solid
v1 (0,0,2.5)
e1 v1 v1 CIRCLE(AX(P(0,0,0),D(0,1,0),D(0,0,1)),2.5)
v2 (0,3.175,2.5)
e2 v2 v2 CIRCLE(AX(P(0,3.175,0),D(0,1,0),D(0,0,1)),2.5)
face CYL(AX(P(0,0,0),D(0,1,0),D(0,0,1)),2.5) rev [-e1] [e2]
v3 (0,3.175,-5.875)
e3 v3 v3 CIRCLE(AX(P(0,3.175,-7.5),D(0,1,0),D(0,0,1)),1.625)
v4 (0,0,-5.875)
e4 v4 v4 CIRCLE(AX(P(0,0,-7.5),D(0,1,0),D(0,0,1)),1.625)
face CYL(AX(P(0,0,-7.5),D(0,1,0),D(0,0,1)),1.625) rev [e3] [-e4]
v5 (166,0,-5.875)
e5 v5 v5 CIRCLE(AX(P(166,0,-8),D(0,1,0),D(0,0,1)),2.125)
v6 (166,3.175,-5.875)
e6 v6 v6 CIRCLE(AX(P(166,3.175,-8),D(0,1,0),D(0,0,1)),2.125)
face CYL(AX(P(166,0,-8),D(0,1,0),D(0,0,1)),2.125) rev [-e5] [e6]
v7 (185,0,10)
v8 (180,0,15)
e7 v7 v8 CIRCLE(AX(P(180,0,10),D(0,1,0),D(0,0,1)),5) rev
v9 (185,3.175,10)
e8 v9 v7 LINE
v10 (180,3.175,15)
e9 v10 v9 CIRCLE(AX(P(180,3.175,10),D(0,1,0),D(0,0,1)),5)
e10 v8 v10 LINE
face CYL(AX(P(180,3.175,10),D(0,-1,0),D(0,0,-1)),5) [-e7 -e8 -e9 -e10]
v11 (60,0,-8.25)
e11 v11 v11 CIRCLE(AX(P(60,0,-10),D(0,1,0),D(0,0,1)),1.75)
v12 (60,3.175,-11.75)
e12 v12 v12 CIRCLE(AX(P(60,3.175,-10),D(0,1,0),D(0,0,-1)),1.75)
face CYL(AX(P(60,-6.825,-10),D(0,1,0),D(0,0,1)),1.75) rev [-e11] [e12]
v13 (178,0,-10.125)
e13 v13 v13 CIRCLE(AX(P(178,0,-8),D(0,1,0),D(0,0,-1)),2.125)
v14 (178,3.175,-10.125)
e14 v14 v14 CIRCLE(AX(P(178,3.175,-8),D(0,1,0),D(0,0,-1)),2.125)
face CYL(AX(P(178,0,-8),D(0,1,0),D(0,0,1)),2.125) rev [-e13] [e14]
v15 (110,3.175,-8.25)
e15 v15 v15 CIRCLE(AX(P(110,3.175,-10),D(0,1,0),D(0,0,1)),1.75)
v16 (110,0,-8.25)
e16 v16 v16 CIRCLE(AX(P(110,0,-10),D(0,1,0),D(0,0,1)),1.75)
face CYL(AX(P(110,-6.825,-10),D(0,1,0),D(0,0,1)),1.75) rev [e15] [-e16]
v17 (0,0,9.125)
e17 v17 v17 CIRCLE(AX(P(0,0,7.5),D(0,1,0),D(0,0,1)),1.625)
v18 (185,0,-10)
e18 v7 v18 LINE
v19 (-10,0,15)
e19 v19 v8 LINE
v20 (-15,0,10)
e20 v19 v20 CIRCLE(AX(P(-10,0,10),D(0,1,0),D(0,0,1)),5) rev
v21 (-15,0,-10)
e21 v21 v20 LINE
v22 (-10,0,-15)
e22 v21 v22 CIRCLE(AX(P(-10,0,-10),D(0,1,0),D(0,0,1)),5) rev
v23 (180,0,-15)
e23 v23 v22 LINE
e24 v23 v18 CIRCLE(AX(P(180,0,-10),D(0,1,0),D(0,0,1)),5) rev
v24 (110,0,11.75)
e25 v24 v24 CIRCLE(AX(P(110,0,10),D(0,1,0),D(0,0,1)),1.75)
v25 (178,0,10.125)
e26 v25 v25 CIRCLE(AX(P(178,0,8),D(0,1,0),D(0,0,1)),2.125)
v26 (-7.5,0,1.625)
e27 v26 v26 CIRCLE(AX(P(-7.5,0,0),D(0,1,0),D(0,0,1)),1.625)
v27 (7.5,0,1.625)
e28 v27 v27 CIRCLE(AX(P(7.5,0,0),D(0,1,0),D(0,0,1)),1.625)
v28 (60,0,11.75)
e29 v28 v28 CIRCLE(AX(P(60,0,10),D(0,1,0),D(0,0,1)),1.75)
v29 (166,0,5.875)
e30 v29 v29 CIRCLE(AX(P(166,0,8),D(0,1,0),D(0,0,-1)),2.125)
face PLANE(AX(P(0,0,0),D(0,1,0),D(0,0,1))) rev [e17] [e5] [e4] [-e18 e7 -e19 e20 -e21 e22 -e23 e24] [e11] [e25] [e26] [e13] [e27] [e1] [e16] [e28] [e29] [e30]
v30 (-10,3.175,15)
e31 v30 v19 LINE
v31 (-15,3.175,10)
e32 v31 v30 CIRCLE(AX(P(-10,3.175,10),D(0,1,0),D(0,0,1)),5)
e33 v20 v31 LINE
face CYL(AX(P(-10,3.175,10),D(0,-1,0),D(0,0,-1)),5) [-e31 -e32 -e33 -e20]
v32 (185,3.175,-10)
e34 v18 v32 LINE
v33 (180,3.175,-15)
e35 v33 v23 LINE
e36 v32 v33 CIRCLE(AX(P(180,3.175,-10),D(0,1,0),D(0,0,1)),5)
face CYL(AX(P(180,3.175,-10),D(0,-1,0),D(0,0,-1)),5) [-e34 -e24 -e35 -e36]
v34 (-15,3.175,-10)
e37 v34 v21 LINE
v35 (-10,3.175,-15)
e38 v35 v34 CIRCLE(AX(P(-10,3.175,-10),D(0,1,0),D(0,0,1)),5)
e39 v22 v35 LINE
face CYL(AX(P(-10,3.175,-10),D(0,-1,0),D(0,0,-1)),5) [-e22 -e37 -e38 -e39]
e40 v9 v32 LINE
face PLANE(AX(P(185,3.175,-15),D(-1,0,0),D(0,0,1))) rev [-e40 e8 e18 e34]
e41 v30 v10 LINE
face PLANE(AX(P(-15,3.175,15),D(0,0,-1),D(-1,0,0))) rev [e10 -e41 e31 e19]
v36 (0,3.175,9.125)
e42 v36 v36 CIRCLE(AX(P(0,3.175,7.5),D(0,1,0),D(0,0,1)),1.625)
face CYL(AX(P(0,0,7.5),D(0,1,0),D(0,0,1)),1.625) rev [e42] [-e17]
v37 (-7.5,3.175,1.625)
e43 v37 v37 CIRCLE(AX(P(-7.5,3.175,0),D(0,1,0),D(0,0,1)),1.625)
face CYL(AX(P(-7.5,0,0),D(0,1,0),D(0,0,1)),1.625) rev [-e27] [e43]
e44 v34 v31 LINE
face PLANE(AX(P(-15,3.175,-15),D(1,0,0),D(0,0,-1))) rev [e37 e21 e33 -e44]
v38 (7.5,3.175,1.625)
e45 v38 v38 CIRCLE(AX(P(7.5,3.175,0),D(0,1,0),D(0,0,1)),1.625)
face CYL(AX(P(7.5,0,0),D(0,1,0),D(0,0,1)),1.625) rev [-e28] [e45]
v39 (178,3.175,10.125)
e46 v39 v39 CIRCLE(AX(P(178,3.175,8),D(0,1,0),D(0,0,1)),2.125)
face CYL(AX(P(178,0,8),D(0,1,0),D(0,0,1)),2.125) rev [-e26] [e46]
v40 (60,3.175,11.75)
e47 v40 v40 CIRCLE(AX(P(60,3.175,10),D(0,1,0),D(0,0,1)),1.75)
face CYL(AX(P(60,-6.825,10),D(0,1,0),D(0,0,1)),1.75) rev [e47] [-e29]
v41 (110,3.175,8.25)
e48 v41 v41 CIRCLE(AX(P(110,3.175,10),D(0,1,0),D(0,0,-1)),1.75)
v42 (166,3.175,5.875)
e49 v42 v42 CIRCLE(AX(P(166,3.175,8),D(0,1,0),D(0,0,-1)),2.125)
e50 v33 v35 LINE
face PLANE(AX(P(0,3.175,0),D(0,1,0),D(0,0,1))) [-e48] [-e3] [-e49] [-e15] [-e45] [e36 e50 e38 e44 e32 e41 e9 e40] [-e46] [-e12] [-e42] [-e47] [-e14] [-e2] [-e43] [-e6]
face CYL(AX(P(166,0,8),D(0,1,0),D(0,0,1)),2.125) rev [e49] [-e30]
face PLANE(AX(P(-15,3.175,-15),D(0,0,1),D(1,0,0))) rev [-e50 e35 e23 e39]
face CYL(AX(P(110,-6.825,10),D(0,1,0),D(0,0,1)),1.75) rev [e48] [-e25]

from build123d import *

# Parameters (mm, degrees)
SKETCH1_W           = 200
SKETCH1_H           = 30
BOSS_EXTRUDE1_DEPTH = 3.175
FILLET1_R           = 5
SKETCH2_R           = 2.5
CUT_EXTRUDE1_DEPTH  = 186.634265762
SKETCH3_R           = 1.625
CUT_EXTRUDE3_DEPTH  = 186.634265762
SKETCH4_R           = 1.75
CUT_EXTRUDE4_DEPTH  = 10
SKETCH5_R           = 2.125
CUT_EXTRUDE5_DEPTH  = 186.634265762


with BuildPart() as part:
    # Sketch1 → Boss-Extrude1 (new body)
    with BuildSketch(Plane(origin=(0, 0, 0), x_dir=(1, 0, 0), z_dir=(0, 1, 0))):
        with Locations((85, 0)):
            Rectangle(SKETCH1_W, SKETCH1_H)
    extrude(amount=BOSS_EXTRUDE1_DEPTH)

    # Fillet1
    fillet1_edges = [part.edges().sort_by_distance(p)[0] for p in [
        (-15, 1.5875, -15),
        (185, 1.5875, -15),
        (185, 1.5875, 15),
        (-15, 1.5875, 15),
    ]]
    fillet(fillet1_edges, radius=FILLET1_R)

    # Sketch2 → Cut-Extrude1 (cut, through all)
    with BuildSketch(Plane(origin=(0, 3.175, 0), x_dir=(1, 0, 0), z_dir=(0, 1, 0))):
        with Locations(Location((0, 0, 0), (0, 0, 270))):
            Circle(SKETCH2_R)
    extrude(amount=-CUT_EXTRUDE1_DEPTH, mode=Mode.SUBTRACT)

    # Sketch3 → Cut-Extrude3 (cut, through all)
    with BuildSketch(Plane(origin=(0, 3.175, 0), x_dir=(1, 0, 0), z_dir=(0, 1, 0))):
        with Locations(Location((7.5, 0, 0), (0, 0, 270))):
            Circle(SKETCH3_R)
        with Locations(Location((0, -7.5, 0), (0, 0, 270))):
            Circle(SKETCH3_R)
        with Locations(Location((-7.5, 0, 0), (0, 0, 270))):
            Circle(SKETCH3_R)
        with Locations(Location((0, 7.5, 0), (0, 0, 270))):
            Circle(SKETCH3_R)
    extrude(amount=-CUT_EXTRUDE3_DEPTH, mode=Mode.SUBTRACT)

    # Sketch4 → Cut-Extrude4 (cut)
    with BuildSketch(Plane(origin=(0, 3.175, 0), x_dir=(1, 0, 0), z_dir=(0, 1, 0))):
        with Locations(Location((60, -10, 0), (0, 0, 270))):
            Circle(SKETCH4_R)
        with Locations(Location((110, -10, 0), (0, 0, 270))):
            Circle(SKETCH4_R)
        with Locations(Location((110, 10, 0), (0, 0, 270))):
            Circle(SKETCH4_R)
        with Locations(Location((60, 10, 0), (0, 0, 270))):
            Circle(SKETCH4_R)
    extrude(amount=-CUT_EXTRUDE4_DEPTH, mode=Mode.SUBTRACT)

    # Sketch5 → Cut-Extrude5 (cut, through all)
    with BuildSketch(Plane(origin=(0, 3.175, 0), x_dir=(1, 0, 0), z_dir=(0, 1, 0))):
        with Locations(Location((166, 8, 0), (0, 0, 270))):
            Circle(SKETCH5_R)
        with Locations(Location((178, 8, 0), (0, 0, 90))):
            Circle(SKETCH5_R)
        with Locations(Location((178, -8, 0), (0, 0, 270))):
            Circle(SKETCH5_R)
        with Locations(Location((166, -8, 0), (0, 0, 90))):
            Circle(SKETCH5_R)
    extrude(amount=-CUT_EXTRUDE5_DEPTH, mode=Mode.SUBTRACT)


solid = part.part
